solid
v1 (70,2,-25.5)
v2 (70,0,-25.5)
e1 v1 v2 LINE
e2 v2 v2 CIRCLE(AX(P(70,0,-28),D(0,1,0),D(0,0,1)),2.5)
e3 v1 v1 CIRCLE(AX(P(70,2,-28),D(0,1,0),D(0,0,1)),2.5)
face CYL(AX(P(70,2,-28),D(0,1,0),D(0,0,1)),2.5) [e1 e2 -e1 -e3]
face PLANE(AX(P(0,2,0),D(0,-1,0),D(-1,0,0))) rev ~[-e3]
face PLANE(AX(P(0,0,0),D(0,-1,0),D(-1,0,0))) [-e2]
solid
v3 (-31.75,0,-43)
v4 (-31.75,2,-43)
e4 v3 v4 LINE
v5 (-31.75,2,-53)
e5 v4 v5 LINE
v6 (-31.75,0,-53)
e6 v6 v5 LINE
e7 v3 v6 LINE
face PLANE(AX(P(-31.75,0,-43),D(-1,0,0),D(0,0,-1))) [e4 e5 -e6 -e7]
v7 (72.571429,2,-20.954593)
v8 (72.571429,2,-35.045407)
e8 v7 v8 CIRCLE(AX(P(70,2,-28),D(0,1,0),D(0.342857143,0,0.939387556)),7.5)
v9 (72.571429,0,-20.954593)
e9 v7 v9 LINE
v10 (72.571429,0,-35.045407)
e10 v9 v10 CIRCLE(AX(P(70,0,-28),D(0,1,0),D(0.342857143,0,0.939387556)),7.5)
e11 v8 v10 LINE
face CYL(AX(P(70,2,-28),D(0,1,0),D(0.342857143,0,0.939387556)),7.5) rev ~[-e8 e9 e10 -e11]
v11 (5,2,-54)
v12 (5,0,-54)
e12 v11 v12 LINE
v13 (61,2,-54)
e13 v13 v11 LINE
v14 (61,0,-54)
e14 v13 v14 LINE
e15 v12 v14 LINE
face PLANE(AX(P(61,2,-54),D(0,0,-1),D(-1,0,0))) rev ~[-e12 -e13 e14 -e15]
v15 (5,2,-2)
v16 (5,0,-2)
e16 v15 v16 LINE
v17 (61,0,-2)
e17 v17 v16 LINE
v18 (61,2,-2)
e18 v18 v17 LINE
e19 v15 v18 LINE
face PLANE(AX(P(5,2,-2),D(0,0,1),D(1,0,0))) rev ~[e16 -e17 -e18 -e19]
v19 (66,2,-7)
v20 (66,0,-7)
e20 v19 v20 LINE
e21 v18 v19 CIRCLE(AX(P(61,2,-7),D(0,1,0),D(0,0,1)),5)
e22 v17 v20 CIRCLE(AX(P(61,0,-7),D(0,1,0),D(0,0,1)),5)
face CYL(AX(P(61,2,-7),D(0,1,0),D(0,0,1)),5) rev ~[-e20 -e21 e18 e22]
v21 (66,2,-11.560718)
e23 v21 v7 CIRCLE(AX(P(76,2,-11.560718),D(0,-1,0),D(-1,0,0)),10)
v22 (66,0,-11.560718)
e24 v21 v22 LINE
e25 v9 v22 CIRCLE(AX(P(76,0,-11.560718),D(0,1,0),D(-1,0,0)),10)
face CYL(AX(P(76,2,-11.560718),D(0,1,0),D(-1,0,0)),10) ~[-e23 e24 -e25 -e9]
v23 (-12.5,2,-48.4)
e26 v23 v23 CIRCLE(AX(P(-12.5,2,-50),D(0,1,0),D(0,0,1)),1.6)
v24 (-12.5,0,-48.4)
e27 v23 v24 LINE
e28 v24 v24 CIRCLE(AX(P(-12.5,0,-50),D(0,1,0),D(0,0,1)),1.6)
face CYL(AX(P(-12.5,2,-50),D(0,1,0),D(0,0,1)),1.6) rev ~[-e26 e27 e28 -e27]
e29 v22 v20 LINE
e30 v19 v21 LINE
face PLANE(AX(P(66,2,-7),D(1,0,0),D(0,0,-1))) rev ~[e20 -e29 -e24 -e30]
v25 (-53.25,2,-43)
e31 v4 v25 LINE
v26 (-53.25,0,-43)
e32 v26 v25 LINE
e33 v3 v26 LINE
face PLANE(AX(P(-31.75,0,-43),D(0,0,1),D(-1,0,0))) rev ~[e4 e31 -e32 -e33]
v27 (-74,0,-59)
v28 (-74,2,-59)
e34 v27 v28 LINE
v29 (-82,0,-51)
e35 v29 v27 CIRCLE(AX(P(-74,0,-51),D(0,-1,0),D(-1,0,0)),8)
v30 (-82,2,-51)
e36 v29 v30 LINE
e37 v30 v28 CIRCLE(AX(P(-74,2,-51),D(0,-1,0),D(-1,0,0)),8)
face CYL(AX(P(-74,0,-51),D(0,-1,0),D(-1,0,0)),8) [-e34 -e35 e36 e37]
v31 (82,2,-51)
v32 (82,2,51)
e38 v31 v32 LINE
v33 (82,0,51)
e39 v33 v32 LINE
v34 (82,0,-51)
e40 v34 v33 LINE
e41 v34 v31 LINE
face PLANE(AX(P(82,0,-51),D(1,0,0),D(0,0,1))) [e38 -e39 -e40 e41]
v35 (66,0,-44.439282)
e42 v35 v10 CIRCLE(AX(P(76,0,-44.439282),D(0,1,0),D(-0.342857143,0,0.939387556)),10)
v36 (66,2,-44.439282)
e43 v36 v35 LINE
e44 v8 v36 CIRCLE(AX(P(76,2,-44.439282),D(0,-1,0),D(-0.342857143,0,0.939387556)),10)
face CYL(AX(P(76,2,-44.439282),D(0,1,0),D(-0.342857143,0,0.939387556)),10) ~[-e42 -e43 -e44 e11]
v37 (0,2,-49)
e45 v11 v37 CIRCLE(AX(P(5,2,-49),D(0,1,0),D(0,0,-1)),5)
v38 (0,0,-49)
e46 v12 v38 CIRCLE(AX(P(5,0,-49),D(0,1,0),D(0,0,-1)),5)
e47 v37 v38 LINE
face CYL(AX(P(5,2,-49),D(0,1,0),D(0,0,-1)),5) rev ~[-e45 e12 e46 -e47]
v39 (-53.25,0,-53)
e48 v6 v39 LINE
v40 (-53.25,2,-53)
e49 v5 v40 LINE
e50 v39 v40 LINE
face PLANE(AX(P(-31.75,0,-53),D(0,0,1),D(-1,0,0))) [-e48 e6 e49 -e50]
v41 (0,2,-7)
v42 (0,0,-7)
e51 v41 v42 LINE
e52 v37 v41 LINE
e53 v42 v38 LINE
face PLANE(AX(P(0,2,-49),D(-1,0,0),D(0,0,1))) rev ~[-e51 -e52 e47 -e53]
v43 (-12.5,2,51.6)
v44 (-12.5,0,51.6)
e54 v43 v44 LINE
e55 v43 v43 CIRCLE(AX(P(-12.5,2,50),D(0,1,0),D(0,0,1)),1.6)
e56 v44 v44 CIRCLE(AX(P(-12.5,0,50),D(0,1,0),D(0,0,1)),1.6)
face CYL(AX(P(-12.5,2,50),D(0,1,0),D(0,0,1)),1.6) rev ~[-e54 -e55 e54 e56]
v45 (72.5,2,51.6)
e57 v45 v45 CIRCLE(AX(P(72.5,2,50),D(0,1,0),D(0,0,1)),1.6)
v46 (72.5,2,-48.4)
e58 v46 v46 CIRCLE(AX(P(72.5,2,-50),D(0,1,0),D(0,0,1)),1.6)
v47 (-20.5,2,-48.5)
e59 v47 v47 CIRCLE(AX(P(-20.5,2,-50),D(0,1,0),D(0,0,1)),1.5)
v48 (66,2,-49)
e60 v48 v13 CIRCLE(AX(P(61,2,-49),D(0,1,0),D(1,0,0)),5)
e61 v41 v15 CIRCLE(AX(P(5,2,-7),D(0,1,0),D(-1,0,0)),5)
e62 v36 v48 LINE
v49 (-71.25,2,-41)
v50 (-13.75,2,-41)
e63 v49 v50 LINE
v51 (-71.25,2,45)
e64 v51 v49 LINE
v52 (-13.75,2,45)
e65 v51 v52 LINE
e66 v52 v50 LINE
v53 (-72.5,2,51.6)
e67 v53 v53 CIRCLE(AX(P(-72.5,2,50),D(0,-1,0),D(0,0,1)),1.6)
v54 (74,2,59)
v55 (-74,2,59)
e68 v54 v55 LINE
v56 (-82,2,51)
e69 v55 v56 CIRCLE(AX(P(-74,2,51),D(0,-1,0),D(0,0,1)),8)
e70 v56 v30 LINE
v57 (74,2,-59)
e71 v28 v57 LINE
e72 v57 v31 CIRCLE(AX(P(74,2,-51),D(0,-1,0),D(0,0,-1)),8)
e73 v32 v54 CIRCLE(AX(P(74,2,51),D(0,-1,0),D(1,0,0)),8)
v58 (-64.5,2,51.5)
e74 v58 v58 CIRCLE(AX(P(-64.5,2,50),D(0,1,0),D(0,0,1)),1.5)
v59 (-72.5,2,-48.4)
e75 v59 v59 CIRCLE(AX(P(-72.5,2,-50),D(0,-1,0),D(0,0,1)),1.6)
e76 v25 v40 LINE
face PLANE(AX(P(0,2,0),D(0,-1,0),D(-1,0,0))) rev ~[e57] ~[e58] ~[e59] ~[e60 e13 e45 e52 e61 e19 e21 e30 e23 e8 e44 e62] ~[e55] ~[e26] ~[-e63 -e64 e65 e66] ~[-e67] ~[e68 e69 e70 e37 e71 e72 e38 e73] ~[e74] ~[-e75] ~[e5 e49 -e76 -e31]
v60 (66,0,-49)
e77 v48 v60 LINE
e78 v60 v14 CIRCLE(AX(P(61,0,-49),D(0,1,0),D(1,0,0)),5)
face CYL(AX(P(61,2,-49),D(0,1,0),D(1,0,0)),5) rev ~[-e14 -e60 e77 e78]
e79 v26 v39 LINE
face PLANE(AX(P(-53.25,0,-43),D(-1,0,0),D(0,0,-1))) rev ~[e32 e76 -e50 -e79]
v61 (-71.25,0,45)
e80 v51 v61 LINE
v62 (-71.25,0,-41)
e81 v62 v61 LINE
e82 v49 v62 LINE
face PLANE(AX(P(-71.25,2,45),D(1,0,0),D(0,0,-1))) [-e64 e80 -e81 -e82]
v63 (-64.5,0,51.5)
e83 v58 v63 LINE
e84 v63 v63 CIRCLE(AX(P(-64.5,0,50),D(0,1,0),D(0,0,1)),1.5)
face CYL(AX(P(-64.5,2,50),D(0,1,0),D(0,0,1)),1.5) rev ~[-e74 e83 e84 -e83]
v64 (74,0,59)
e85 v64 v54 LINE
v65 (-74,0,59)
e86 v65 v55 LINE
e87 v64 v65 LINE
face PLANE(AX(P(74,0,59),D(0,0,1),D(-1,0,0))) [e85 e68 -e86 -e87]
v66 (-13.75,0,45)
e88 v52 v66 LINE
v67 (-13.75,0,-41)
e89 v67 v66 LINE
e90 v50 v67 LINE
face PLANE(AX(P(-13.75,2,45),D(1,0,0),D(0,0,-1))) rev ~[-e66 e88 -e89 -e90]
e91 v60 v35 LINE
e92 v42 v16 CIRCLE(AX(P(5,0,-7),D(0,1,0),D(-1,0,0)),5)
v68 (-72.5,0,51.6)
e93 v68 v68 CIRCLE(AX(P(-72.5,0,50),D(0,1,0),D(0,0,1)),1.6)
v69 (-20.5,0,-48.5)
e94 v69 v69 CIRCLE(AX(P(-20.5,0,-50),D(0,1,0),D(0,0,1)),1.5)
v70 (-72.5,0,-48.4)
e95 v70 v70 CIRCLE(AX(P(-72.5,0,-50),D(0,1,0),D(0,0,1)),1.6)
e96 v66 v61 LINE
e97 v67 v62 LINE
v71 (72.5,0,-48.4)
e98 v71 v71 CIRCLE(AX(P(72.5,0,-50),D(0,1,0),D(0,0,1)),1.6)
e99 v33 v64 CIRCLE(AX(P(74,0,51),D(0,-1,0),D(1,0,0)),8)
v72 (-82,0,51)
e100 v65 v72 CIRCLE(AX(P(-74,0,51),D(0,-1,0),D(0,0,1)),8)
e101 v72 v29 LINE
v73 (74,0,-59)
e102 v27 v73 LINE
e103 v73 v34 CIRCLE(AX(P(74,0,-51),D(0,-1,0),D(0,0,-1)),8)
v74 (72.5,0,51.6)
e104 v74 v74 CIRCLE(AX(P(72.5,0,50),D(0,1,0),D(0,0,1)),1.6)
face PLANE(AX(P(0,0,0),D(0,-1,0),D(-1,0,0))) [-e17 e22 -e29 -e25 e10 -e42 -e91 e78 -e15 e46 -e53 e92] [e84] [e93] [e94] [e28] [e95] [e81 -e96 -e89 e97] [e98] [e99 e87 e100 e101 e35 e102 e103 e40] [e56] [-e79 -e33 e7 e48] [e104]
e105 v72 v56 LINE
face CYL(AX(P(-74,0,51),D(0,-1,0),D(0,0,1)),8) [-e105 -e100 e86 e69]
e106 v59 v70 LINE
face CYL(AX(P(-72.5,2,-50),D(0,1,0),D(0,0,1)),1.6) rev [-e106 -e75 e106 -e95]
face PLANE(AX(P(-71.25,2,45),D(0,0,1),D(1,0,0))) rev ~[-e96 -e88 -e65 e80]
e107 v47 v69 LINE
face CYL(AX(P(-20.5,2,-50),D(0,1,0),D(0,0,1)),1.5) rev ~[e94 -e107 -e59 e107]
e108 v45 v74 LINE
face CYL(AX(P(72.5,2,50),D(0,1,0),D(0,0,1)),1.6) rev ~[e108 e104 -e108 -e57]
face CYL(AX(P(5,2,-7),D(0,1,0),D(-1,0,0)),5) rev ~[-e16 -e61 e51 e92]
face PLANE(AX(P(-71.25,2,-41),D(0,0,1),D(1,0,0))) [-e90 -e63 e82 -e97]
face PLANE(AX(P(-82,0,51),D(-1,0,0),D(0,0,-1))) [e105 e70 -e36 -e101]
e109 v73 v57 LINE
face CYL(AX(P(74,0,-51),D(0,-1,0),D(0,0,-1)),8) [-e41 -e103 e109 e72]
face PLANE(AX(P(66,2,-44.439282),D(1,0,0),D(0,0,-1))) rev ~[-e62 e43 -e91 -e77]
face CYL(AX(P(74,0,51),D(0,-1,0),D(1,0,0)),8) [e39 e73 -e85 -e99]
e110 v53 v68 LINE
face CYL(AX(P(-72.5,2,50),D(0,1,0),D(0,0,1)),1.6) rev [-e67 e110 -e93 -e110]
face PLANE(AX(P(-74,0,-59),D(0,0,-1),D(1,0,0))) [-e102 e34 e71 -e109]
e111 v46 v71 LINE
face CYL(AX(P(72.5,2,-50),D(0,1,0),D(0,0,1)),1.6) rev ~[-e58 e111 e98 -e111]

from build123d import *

# Parameters (mm, degrees)
BOSS_EXTRUDE1_DEPTH = 2
SKETCH2_W           = 57.5
SKETCH2_H           = 86
CUT_EXTRUDE1_DEPTH  = 102.039596199
SKETCH7_R           = 2.5
CUT_EXTRUDE6_DEPTH  = 102.039596199
SKETCH8_R           = 1.6
CUT_EXTRUDE7_DEPTH  = 102.039596199
SKETCH10_R          = 1.6
CUT_EXTRUDE9_DEPTH  = 102.039596199
SKETCH11_W          = 21.5
SKETCH11_H          = 10
CUT_EXTRUDE10_DEPTH = 102.039596199
SKETCH12_R          = 1.5
CUT_EXTRUDE11_DEPTH = 102.039596199


with BuildPart() as part:
    # Sketch1 → Boss-Extrude1 (new body)
    with BuildSketch(Plane(origin=(0, 0, 0), x_dir=(1, 0, 0), z_dir=(0, 1, 0))):
        with BuildLine():
            Line((-74, 59), (74, 59))
            ThreePointArc((74, 59), (79.656854249, 56.656854249), (82, 51))
            Line((82, 51), (82, -51))
            ThreePointArc((82, -51), (79.656854249, -56.656854249), (74, -59))
            Line((74, -59), (-74, -59))
            ThreePointArc((-74, -59), (-79.656854249, -56.656854249), (-82, -51))
            Line((-82, -51), (-82, 51))
            ThreePointArc((-82, 51), (-79.656854249, 56.656854249), (-74, 59))
        make_face()
    extrude(amount=BOSS_EXTRUDE1_DEPTH)

    # Sketch2 → Cut-Extrude1 (cut, through all)
    with BuildSketch(Plane(origin=(0, 2, 0), x_dir=(1, 0, 0), z_dir=(0, 1, 0))):
        with Locations((-42.5, -2)):
            Rectangle(SKETCH2_W, SKETCH2_H)
    extrude(amount=-CUT_EXTRUDE1_DEPTH, mode=Mode.SUBTRACT)

    # Sketch7 → Cut-Extrude6 (cut, through all)
    with BuildSketch(Plane(origin=(0, 2, 0), x_dir=(1, 0, 0), z_dir=(0, 1, 0))):
        with BuildLine():
            Line((0, 49), (0, 7))
            ThreePointArc((0, 7), (1.464466094, 3.464466094), (5, 2))
            Line((5, 2), (61, 2))
            ThreePointArc((61, 2), (64.535533906, 3.464466094), (66, 7))
            Line((66, 7), (66, 11.560717777))
            ThreePointArc((66, 11.560717777), (67.805925486, 17.292832819), (72.571428571, 20.954593333))
            ThreePointArc((72.571428571, 20.954593333), (77.5, 28), (72.571428571, 35.045406667))
            ThreePointArc((72.571428571, 35.045406667), (67.805925486, 38.707167181), (66, 44.439282223))
            Line((66, 44.439282223), (66, 49))
            ThreePointArc((66, 49), (64.535533906, 52.535533906), (61, 54))
            Line((61, 54), (5, 54))
            ThreePointArc((5, 54), (1.464466094, 52.535533906), (0, 49))
        make_face()
        with Locations(Location((70, 28, 0), (0, 0, 270))):
            Circle(SKETCH7_R, mode=Mode.SUBTRACT)
    extrude(amount=-CUT_EXTRUDE6_DEPTH, mode=Mode.SUBTRACT)


with BuildPart() as cut_extrude6_piece_1:
    # of the separate pieces the step leaves, piece 1, a body of its own (cut_extrude6_pieces)
    add(part.part.solids().sort_by_distance((-74, 0, -59))[0])

    # Sketch8 → Cut-Extrude7 (cut, through all)
    with BuildSketch(Plane(origin=(0, 2, 0), x_dir=(1, 0, 0), z_dir=(0, 1, 0))):
        with Locations(Location((72.5, -50, 0), (0, 0, 270))):
            Circle(SKETCH8_R)
        with Locations(Location((72.5, 50, 0), (0, 0, 270))):
            Circle(SKETCH8_R)
    cut_extrude7 = extrude(amount=-CUT_EXTRUDE7_DEPTH, mode=Mode.SUBTRACT)

    # Mirror1: Cut-Extrude7 across plane
    add(cut_extrude7.mirror(Plane(origin=(0, 0, 0), x_dir=(0, 0, 1), z_dir=(1, 0, 0))), mode=Mode.SUBTRACT)

    # Sketch10 → Cut-Extrude9 (cut, through all)
    with BuildSketch(Plane(origin=(0, 2, 0), x_dir=(1, 0, 0), z_dir=(0, 1, 0))):
        with Locations(Location((-12.5, -50, 0), (0, 0, 270))):
            Circle(SKETCH10_R)
        with Locations(Location((-12.5, 50, 0), (0, 0, 270))):
            Circle(SKETCH10_R)
    extrude(amount=-CUT_EXTRUDE9_DEPTH, mode=Mode.SUBTRACT)

    # Sketch11 → Cut-Extrude10 (cut, through all)
    with BuildSketch(Plane(origin=(0, 0, 0), x_dir=(-1, 0, 0), z_dir=(0, -1, 0))):
        with Locations((42.5, 48)):
            Rectangle(SKETCH11_W, SKETCH11_H)
    extrude(amount=-CUT_EXTRUDE10_DEPTH, mode=Mode.SUBTRACT)

    # Sketch12 → Cut-Extrude11 (cut, through all)
    with BuildSketch(Plane(origin=(0, 2, 0), x_dir=(1, 0, 0), z_dir=(0, 1, 0))):
        with Locations(Location((-64.5, -50, 0), (0, 0, 270))):
            Circle(SKETCH12_R)
        with Locations(Location((-20.5, 50, 0), (0, 0, 270))):
            Circle(SKETCH12_R)
    extrude(amount=-CUT_EXTRUDE11_DEPTH, mode=Mode.SUBTRACT)


with BuildPart() as cut_extrude6_piece_2:
    # of the separate pieces the step leaves, piece 2, a body of its own (cut_extrude6_pieces)
    add(part.part.solids().sort_by_distance((70, 0, -25.5))[0])


solid = Compound([cut_extrude6_piece_1.part, cut_extrude6_piece_2.part])
